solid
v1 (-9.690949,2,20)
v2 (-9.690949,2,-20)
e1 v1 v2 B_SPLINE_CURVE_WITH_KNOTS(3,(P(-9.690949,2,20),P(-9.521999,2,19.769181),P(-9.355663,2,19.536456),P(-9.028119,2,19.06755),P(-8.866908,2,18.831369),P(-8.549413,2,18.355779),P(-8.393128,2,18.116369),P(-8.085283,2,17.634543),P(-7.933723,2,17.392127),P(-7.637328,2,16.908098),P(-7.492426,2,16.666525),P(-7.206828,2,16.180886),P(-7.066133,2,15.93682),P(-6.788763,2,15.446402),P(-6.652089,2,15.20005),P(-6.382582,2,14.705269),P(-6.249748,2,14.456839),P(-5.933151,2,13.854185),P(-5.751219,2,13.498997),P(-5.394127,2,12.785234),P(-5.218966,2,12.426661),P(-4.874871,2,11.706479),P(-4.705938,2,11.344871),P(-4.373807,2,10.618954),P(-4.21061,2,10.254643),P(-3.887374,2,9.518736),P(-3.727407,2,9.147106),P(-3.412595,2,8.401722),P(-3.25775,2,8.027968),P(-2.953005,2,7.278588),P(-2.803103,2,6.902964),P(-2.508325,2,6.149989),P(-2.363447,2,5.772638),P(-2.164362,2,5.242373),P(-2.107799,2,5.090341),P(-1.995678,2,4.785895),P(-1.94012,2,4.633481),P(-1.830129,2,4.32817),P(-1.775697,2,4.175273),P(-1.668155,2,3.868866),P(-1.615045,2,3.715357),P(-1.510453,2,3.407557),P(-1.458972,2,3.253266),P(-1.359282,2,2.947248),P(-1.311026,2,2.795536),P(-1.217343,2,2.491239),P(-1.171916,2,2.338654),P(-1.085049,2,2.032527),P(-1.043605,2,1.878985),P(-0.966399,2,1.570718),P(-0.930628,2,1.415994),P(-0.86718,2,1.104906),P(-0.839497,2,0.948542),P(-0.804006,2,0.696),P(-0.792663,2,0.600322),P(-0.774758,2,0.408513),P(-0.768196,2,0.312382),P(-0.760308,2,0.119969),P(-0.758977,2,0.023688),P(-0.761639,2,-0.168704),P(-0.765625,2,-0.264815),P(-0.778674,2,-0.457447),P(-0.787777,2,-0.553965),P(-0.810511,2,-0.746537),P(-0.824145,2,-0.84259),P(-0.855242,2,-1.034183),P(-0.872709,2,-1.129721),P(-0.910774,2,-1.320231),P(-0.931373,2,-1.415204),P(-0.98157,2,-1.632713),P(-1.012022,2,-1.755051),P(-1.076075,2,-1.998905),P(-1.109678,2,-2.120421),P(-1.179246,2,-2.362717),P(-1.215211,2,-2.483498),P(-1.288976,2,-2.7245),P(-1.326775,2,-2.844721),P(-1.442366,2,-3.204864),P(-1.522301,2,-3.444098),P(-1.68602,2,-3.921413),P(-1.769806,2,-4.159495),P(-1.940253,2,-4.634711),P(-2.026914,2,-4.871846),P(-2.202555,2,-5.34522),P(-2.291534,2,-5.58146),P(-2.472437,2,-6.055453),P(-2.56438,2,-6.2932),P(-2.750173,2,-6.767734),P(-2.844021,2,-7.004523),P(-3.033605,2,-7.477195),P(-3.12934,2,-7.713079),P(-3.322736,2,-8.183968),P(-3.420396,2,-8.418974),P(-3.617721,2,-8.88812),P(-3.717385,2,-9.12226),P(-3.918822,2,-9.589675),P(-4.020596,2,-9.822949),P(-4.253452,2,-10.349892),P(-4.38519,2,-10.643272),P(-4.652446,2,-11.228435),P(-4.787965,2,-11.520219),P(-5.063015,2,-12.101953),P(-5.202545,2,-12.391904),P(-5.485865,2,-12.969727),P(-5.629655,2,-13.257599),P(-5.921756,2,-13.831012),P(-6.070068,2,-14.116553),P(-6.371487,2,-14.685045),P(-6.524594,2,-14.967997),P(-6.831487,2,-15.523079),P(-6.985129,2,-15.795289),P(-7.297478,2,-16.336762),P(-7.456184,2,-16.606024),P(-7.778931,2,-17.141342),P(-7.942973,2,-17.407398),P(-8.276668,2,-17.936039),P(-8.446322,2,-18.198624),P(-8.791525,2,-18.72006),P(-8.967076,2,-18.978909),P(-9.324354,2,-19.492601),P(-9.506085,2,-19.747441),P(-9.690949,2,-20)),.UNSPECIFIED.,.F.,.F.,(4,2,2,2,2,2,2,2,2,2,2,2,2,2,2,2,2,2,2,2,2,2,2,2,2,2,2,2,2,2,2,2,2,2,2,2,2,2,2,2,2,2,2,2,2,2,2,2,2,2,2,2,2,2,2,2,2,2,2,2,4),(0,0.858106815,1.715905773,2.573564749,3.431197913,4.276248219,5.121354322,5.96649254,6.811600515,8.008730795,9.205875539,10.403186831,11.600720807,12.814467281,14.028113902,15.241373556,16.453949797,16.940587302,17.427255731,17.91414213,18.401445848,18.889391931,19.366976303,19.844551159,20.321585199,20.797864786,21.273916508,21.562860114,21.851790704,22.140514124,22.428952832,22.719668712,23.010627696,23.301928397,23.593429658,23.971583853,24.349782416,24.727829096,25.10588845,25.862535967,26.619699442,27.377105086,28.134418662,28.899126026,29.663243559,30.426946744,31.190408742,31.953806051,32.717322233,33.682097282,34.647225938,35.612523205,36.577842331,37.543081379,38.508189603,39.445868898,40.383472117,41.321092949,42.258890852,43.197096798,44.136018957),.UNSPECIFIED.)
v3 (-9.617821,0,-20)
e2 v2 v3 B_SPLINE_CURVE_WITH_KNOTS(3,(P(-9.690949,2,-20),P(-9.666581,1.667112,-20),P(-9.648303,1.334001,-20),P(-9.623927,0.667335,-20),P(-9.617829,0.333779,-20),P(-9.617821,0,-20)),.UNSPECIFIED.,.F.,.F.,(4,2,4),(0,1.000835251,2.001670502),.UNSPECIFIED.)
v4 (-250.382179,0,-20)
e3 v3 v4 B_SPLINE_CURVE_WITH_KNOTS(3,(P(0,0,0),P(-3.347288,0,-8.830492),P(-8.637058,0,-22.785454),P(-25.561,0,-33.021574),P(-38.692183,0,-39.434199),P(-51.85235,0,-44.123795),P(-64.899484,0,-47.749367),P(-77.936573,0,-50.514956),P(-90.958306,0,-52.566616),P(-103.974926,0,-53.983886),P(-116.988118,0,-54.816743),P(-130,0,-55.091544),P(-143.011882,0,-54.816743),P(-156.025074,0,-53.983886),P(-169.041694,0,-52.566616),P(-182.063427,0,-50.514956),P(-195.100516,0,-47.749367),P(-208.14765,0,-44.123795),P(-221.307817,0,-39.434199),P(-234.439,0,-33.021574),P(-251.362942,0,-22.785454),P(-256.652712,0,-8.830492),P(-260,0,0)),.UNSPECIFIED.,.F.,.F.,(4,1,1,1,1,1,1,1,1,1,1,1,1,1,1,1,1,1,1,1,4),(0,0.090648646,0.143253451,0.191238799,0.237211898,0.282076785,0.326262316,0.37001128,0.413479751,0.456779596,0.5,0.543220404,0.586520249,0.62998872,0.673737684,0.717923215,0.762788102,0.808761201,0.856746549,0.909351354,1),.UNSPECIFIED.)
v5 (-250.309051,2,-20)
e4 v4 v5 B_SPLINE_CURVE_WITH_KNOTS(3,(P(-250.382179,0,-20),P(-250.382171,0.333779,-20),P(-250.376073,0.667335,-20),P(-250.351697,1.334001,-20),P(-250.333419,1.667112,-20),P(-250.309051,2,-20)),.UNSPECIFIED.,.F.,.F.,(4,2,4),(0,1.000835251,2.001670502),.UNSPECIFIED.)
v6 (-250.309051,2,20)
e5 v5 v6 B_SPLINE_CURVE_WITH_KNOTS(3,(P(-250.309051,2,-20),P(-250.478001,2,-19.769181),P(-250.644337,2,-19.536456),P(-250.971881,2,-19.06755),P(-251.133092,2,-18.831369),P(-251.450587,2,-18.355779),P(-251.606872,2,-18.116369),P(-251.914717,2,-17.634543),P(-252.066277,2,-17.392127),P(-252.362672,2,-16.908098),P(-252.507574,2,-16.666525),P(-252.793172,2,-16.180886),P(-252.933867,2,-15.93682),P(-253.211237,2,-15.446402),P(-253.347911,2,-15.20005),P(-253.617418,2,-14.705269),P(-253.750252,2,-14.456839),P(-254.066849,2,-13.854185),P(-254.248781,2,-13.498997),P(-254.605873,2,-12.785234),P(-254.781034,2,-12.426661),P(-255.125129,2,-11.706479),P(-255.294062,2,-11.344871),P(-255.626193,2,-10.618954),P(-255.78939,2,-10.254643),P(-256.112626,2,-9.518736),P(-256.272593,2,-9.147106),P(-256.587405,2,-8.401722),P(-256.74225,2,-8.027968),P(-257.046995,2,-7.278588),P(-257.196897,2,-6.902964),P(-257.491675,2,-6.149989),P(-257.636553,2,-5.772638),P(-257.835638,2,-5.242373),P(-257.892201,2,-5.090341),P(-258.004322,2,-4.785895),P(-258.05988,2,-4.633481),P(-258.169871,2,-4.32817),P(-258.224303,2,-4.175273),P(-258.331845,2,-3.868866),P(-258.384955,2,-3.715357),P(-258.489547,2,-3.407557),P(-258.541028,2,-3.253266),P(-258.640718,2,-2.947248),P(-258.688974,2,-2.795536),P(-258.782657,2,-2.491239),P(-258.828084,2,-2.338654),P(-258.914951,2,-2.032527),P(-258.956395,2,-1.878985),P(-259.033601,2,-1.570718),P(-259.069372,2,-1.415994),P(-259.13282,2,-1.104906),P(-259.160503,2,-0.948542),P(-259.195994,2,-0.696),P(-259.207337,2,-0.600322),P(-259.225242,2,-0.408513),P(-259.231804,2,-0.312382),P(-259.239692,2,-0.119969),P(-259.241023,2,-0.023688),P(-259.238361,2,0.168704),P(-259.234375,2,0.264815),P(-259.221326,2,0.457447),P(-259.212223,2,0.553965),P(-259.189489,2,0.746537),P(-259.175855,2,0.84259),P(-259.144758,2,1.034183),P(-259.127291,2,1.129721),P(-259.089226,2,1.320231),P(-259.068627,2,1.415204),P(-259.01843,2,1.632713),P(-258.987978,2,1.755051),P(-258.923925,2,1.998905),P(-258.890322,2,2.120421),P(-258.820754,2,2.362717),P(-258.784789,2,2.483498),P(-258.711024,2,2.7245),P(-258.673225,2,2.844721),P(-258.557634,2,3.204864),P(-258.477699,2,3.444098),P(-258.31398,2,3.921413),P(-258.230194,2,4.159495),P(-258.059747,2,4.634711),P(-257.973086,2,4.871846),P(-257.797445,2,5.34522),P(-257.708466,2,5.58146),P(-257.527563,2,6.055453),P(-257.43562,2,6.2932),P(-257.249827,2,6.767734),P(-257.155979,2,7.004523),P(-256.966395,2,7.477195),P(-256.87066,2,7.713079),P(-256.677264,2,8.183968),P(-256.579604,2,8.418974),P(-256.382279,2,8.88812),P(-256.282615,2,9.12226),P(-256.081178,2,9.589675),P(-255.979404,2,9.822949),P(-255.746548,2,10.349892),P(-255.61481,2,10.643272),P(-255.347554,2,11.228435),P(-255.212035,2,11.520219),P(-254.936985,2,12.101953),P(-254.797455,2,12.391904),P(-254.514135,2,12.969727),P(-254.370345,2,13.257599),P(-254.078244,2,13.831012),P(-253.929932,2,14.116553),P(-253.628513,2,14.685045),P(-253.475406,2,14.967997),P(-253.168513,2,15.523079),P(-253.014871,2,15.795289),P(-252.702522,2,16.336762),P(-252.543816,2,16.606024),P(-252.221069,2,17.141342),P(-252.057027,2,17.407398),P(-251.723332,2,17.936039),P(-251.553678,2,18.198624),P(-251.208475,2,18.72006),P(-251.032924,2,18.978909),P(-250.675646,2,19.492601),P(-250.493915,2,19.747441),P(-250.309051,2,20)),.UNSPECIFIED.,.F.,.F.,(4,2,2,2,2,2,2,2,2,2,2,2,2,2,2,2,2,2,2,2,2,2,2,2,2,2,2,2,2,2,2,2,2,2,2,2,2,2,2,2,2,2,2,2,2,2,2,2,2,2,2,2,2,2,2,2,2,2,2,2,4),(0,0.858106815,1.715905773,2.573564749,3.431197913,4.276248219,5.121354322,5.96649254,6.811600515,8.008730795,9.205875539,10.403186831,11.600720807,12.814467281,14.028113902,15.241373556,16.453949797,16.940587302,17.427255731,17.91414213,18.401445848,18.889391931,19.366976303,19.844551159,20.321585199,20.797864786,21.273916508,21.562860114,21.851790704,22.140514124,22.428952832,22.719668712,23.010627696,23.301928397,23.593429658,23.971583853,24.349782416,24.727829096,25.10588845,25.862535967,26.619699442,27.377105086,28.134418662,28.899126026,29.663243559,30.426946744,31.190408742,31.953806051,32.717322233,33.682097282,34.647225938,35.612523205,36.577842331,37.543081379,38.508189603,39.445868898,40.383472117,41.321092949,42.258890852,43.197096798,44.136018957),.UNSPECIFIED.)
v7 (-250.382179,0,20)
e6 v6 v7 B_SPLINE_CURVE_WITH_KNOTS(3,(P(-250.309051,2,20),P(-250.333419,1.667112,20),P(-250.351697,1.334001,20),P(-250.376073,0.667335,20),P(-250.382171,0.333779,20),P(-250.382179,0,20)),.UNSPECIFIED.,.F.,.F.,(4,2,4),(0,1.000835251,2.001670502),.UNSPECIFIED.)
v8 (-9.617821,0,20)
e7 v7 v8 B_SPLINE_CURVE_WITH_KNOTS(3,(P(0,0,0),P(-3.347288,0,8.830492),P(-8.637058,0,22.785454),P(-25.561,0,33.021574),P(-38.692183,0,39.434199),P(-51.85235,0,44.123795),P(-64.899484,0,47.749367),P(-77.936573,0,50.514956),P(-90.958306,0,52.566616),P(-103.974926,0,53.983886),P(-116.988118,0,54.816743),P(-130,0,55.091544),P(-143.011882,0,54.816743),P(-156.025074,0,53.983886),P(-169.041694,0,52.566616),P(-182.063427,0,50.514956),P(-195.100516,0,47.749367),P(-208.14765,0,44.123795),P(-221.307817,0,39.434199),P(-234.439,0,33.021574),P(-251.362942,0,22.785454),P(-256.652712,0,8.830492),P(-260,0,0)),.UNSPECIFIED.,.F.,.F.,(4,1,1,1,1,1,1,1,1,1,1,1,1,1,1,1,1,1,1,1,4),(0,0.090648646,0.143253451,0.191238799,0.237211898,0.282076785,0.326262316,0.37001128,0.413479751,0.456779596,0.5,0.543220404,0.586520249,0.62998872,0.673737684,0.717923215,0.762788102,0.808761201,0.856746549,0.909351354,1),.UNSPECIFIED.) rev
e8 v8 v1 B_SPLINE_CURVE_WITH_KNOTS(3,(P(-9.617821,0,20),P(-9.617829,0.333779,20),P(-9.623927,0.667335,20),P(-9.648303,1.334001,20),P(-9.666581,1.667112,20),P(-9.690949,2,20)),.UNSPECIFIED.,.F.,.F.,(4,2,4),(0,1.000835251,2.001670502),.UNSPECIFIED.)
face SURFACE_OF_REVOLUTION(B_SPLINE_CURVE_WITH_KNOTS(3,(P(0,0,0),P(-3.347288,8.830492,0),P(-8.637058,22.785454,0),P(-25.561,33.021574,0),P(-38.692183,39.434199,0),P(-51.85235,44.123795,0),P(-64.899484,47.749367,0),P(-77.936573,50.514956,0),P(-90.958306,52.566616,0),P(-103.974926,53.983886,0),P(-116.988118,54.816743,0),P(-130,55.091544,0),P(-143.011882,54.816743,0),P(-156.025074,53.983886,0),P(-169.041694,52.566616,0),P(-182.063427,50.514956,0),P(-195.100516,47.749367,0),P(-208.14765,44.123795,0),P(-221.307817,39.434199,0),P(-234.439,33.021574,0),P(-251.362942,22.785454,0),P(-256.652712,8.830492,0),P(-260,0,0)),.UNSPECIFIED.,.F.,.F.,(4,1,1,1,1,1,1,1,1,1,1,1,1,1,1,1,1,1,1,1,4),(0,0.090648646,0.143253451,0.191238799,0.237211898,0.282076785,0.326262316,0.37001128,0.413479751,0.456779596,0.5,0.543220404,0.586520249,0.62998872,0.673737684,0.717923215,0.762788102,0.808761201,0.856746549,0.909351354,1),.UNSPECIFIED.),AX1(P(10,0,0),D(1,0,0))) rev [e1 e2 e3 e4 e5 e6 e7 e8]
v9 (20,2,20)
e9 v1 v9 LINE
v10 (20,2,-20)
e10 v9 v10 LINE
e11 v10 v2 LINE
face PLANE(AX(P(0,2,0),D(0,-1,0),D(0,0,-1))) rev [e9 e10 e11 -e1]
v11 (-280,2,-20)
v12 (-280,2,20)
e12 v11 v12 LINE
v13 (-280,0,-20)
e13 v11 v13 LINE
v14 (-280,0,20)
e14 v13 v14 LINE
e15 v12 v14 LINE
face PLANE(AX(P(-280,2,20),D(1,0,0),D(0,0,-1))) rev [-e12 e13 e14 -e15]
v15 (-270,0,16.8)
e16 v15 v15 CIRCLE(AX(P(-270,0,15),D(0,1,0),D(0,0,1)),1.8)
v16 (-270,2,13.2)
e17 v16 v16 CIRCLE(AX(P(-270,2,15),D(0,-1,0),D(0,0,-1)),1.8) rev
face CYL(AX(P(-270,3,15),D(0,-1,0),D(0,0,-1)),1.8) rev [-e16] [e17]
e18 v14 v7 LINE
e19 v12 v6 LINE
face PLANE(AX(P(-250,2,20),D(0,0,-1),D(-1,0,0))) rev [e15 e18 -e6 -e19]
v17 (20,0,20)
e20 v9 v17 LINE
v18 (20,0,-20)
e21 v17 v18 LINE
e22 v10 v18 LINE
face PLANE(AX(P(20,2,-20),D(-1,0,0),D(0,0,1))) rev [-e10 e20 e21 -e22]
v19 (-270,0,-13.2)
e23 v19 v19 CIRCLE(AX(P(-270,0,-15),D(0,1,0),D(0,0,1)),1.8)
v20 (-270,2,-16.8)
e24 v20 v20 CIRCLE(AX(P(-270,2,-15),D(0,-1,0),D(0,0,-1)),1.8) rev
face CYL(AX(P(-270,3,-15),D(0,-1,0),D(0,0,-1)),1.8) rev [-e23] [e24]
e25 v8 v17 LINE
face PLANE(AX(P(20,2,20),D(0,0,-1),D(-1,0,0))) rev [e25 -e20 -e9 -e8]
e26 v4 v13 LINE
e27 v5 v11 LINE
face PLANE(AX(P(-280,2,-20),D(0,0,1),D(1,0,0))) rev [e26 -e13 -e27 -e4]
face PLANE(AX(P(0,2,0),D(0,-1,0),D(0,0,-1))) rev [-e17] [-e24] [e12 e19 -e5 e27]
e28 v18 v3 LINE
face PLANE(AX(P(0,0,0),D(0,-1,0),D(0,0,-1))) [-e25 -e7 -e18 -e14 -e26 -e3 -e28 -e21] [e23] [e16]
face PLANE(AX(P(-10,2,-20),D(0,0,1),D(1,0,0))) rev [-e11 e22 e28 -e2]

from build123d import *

# Parameters (mm, degrees)
SKETCH2_W           = 360
SKETCH2_H           = 160
CUT_EXTRUDE1_DEPTH  = 80
SKETCH3_W           = 30
SKETCH3_H           = 40
BOSS_EXTRUDE1_DEPTH = 2
SKETCH4_R           = 1.8
CUT_EXTRUDE2_DEPTH  = 3


with BuildPart() as part:
    # Sketch1 → Revolve1 (revolve)
    with BuildSketch(Plane.XY):
        with BuildLine():
            Line((-260, 0), (0, 0))
            add(Edge.make_bspline(
                [(0, 0), (-3.347287608, 8.830491747), (-8.637057756, 22.785453825), (-25.560999876, 33.02157361), (-38.692183286, 39.434199177), (-51.852349815, 44.123794884), (-64.89948422, 47.74936681), (-77.936573384, 50.514956153), (-90.95830586, 52.566616186), (-103.974926365, 53.983885889), (-116.988117972, 54.816743473), (-130, 55.091544132), (-143.011882028, 54.816743473), (-156.025073635, 53.983885889), (-169.04169414, 52.566616186), (-182.063426616, 50.514956153), (-195.10051578, 47.74936681), (-208.147650185, 44.123794884), (-221.307816714, 39.434199177), (-234.439000124, 33.02157361), (-251.362942244, 22.785453825), (-256.652712392, 8.830491747), (-260, 0)],
                knots=[0, 0, 0, 0, 0.090648646, 0.143253451, 0.191238799, 0.237211898, 0.282076785, 0.326262316, 0.37001128, 0.413479751, 0.456779596, 0.5, 0.543220404, 0.586520249, 0.62998872, 0.673737684, 0.717923215, 0.762788102, 0.808761201, 0.856746549, 0.909351354, 1, 1, 1, 1], degree=3))
        make_face()
    revolve(axis=Axis((10, 0, 0), (-1, 0, 0)))

    # Sketch2 → Cut-Extrude1 (cut)
    with BuildSketch(Plane(origin=(0, 0, 0), x_dir=(1, 0, 0), z_dir=(0, 1, 0))):
        with Locations((-130, 0)):
            Rectangle(SKETCH2_W, SKETCH2_H)
    extrude(amount=-CUT_EXTRUDE1_DEPTH, mode=Mode.SUBTRACT)

    # Sketch3 → Boss-Extrude1 (add)
    with BuildSketch(Plane(origin=(0, 0, 0), x_dir=(1, 0, 0), z_dir=(0, 1, 0))):
        with Locations((-265, 0)):
            Rectangle(SKETCH3_W, SKETCH3_H)
        with Locations((5, 0)):
            Rectangle(SKETCH3_W, SKETCH3_H)
    extrude(amount=BOSS_EXTRUDE1_DEPTH)

    # Sketch4 → Cut-Extrude2 (cut)
    with BuildSketch(Plane(origin=(0, 0, 0), x_dir=(1, 0, 0), z_dir=(0, 1, 0))):
        with Locations(Location((-270, -15, 0), (0, 0, 90))):
            Circle(SKETCH4_R)
        with Locations(Location((-270, 15, 0), (0, 0, 90))):
            Circle(SKETCH4_R)
    extrude(amount=CUT_EXTRUDE2_DEPTH, mode=Mode.SUBTRACT)


solid = part.part
